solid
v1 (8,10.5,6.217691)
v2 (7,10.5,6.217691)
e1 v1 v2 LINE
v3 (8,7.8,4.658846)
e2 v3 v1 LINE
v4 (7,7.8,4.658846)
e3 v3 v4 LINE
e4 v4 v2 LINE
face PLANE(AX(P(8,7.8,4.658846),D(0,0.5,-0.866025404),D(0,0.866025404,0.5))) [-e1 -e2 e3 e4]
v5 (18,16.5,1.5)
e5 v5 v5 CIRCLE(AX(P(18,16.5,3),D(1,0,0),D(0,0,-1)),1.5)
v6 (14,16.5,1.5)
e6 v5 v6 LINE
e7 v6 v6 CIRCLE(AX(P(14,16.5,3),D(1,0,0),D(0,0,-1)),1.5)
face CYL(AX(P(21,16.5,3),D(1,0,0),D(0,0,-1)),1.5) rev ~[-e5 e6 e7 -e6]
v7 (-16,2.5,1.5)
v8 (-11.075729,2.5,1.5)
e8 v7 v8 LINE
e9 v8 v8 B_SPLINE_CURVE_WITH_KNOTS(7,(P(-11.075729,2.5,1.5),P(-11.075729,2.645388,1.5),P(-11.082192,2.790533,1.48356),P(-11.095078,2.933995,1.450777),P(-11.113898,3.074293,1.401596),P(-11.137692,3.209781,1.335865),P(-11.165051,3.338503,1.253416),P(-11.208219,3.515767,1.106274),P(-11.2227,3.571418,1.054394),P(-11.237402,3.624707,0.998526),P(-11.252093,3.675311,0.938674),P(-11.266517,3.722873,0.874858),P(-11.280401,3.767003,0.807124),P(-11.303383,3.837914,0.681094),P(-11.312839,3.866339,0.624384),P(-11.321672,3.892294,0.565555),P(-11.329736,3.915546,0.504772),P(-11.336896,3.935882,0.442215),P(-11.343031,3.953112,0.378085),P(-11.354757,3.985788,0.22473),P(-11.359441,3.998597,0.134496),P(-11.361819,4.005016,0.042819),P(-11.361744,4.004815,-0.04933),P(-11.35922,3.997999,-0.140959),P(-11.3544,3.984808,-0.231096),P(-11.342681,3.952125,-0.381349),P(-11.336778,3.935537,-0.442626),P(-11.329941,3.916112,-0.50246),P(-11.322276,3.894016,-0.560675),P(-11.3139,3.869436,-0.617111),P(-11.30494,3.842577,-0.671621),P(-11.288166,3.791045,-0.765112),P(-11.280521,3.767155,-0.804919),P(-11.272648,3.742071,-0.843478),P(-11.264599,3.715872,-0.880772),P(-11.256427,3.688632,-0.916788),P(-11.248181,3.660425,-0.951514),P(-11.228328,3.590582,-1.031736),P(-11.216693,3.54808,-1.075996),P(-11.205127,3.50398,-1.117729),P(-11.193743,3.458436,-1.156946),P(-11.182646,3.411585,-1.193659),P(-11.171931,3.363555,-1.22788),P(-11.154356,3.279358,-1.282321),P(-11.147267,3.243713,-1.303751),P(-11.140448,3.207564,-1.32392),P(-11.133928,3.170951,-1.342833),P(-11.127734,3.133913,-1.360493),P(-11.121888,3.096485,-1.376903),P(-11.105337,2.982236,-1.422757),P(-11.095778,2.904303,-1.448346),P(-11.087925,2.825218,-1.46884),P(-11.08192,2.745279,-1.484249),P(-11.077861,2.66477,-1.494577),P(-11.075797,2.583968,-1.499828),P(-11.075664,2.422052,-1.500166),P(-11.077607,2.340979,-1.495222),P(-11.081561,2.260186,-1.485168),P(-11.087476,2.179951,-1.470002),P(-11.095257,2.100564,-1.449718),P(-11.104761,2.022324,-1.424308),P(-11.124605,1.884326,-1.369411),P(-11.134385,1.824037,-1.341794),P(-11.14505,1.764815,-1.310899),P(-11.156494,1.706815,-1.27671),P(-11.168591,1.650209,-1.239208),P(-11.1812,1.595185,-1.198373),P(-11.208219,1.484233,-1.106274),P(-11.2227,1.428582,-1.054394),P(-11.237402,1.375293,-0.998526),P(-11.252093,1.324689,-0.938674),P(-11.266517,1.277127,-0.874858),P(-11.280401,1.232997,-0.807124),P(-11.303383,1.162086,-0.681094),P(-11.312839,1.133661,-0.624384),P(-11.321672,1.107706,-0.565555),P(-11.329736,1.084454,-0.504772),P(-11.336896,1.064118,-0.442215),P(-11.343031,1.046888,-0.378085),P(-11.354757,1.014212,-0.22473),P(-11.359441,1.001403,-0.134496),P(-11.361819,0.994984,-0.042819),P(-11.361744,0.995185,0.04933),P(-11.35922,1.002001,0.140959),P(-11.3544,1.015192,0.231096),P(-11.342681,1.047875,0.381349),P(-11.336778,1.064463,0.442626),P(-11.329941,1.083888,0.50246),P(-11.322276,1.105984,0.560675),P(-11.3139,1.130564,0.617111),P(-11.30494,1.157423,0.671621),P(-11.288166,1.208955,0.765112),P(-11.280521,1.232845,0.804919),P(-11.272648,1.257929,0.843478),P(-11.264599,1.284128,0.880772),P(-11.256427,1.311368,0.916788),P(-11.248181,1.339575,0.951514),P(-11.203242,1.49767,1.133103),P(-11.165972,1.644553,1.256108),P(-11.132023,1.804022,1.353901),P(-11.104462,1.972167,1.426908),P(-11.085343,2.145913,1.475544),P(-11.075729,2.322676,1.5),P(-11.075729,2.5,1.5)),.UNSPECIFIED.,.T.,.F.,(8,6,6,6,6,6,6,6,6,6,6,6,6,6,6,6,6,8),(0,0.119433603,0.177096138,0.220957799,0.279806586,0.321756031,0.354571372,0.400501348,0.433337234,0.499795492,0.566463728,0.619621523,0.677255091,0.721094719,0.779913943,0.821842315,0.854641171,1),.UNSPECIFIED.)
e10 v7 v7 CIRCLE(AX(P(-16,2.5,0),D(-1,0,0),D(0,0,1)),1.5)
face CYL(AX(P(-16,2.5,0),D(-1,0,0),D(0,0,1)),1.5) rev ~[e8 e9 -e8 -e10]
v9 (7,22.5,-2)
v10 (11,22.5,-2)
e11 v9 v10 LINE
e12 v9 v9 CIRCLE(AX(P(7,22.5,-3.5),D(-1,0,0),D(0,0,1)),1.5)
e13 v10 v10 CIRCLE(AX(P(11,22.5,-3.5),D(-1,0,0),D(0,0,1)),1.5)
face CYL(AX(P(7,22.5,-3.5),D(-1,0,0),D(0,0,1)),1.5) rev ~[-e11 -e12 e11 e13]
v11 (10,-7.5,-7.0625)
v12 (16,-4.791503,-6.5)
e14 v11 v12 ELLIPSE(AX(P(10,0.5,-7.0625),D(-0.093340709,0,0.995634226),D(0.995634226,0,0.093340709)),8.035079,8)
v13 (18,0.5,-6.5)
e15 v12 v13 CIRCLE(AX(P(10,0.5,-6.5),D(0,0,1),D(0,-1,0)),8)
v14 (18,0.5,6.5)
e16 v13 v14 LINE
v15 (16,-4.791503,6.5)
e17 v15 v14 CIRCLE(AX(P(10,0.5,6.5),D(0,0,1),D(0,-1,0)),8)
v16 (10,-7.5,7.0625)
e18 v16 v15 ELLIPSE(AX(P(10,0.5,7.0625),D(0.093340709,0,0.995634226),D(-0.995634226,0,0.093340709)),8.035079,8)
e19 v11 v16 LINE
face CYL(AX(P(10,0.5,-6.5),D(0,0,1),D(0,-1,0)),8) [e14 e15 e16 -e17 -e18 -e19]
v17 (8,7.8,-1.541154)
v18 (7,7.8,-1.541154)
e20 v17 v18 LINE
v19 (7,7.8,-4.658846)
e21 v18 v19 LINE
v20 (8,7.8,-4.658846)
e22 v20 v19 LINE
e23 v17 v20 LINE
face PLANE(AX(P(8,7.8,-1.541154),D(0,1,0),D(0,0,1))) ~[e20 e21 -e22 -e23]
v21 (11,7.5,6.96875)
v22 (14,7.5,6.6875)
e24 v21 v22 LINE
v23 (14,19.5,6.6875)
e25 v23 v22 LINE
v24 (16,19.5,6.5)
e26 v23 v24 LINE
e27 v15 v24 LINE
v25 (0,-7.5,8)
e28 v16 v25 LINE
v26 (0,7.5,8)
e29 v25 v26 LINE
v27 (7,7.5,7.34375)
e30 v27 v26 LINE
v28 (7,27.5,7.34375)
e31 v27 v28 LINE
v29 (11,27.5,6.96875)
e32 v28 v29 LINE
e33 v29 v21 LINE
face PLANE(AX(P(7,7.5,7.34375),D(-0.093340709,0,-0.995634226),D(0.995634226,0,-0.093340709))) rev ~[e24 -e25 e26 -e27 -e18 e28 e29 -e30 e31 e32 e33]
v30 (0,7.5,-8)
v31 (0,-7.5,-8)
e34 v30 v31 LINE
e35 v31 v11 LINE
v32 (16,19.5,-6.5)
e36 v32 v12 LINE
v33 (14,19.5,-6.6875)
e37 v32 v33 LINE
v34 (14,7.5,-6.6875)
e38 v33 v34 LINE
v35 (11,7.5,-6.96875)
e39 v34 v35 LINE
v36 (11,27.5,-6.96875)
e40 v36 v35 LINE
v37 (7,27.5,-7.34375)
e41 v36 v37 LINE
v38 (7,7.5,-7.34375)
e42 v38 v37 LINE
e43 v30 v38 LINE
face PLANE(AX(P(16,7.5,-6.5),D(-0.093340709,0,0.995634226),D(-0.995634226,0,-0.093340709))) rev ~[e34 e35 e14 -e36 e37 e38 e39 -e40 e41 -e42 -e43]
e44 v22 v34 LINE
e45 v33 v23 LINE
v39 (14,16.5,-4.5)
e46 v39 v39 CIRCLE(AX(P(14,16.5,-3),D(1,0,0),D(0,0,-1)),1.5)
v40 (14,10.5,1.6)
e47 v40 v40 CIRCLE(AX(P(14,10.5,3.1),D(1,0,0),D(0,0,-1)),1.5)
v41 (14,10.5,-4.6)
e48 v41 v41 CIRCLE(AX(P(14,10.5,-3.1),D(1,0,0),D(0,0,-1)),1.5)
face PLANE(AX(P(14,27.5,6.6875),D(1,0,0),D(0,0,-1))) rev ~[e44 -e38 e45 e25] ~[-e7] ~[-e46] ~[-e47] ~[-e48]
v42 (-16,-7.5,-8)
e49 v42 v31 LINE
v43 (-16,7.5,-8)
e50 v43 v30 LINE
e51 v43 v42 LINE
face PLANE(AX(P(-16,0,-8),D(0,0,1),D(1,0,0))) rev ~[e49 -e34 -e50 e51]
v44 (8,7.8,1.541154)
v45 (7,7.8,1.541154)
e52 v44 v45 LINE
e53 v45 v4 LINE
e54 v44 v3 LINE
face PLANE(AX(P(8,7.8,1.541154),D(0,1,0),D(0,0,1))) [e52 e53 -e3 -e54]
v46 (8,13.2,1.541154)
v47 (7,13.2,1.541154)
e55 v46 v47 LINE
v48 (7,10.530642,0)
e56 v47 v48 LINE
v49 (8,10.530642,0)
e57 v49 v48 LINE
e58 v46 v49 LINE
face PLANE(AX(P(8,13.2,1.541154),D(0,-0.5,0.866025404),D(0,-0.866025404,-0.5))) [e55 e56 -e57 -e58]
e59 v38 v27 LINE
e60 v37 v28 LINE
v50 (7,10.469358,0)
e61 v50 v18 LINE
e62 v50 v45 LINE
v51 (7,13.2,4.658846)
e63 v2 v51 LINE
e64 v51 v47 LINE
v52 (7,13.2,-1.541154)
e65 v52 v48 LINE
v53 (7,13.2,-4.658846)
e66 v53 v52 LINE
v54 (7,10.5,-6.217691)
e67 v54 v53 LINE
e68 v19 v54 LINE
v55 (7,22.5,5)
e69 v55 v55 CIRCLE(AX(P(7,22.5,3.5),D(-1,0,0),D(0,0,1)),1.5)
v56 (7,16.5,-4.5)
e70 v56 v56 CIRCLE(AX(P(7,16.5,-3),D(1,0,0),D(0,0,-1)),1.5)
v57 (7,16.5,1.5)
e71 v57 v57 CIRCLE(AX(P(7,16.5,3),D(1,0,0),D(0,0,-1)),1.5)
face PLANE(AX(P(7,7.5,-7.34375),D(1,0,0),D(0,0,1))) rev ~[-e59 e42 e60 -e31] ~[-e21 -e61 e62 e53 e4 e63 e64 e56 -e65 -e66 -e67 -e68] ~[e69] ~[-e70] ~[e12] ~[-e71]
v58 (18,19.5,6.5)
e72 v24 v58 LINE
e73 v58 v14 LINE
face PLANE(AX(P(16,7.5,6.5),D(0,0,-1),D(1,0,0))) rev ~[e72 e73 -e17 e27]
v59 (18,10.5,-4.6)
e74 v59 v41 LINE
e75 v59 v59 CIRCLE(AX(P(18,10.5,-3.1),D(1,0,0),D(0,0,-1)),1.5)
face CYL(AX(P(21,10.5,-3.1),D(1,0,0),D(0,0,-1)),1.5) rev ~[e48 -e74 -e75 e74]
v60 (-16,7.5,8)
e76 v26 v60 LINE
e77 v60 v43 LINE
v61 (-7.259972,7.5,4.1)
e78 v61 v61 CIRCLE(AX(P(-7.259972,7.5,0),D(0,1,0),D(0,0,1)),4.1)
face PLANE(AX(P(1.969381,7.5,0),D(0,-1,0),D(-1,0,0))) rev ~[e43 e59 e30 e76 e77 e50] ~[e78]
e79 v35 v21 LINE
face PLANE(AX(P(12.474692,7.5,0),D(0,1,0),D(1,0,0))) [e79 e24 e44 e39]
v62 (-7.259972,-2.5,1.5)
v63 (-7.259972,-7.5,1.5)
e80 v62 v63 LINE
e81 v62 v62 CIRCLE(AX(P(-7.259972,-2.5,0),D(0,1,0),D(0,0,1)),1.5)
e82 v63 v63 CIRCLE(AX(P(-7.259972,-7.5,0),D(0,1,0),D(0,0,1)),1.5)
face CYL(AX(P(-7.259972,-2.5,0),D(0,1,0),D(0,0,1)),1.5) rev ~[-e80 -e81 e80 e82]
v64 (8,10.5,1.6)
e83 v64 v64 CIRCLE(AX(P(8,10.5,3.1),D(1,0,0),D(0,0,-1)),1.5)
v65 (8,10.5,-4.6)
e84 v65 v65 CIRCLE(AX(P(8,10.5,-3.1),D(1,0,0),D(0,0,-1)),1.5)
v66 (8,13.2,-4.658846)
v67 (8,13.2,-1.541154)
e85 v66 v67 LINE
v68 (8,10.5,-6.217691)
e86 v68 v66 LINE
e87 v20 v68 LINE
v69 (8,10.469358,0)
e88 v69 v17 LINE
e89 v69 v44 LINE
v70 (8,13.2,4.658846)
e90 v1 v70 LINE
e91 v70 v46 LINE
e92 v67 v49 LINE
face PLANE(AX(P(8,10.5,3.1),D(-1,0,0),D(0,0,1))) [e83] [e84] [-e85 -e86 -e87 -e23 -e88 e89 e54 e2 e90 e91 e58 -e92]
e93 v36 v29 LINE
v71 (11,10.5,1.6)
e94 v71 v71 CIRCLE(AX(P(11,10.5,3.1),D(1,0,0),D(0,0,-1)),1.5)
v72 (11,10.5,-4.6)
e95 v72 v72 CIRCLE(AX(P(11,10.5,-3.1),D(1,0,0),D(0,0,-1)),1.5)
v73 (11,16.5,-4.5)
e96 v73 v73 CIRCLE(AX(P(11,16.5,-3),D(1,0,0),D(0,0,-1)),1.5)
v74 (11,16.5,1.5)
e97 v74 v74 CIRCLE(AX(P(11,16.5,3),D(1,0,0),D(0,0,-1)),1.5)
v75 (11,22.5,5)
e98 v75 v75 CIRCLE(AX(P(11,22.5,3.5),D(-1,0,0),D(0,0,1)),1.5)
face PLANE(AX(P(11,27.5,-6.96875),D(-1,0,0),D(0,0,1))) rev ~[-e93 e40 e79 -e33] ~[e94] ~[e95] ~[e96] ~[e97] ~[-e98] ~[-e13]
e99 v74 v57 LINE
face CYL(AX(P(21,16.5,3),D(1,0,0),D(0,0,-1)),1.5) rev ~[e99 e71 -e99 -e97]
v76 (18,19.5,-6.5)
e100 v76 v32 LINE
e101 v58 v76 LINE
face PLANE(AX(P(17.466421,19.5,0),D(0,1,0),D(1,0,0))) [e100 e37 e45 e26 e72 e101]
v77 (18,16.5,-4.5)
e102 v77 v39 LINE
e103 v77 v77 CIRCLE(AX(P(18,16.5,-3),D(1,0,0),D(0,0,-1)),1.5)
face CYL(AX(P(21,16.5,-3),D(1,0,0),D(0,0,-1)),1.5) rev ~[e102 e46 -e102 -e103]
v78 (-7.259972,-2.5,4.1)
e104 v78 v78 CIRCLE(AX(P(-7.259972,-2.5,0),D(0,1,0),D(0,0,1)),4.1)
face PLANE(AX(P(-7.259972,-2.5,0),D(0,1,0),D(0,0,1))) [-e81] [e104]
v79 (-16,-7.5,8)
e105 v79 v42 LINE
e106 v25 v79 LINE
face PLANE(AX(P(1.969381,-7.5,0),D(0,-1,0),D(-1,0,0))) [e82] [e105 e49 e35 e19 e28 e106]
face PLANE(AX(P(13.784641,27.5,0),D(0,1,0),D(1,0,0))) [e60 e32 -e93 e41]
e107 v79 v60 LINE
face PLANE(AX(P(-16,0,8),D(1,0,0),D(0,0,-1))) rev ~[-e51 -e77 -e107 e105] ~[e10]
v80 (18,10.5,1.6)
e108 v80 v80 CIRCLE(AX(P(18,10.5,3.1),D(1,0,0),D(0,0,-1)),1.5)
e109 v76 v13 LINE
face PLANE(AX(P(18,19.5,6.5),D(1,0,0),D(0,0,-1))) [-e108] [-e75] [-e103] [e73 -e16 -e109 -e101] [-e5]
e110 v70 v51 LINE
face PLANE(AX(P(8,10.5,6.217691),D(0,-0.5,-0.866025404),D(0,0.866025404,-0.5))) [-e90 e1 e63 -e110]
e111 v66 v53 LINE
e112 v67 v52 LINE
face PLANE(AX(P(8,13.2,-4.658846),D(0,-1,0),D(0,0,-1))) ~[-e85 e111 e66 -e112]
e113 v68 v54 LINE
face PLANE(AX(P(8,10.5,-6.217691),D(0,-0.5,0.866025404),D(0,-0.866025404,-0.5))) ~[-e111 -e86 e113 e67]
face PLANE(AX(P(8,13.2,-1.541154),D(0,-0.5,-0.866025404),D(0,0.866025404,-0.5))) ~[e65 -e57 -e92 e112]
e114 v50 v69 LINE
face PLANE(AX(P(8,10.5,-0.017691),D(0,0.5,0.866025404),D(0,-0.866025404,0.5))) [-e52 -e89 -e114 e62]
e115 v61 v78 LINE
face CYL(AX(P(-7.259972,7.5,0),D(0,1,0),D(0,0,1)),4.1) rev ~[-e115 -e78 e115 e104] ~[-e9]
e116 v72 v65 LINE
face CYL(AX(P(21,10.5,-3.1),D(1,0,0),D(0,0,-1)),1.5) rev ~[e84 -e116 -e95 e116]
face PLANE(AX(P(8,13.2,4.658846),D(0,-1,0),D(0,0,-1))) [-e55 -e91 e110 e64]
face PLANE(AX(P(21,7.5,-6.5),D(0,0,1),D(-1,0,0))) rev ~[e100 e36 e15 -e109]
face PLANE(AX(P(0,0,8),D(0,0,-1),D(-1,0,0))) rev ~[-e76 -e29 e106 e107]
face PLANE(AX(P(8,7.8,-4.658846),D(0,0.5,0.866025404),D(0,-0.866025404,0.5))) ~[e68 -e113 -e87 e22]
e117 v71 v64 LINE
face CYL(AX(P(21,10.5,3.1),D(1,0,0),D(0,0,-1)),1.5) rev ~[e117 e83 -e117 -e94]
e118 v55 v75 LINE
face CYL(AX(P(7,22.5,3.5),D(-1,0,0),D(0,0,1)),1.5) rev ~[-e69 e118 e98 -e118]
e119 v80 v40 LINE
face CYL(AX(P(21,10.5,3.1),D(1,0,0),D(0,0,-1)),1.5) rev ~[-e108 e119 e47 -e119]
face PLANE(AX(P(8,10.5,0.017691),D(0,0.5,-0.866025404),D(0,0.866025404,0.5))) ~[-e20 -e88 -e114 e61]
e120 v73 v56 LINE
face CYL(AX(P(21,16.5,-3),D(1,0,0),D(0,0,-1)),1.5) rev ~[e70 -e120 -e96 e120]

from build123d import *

# Parameters (mm, degrees)
BOSS_EXTRUDE1_DEPTH     = 7.5
SKETCH4_R               = 4.1
CUT_EXTRUDE1_DEPTH      = 10
SKETCH5_R               = 1.5
CUT_EXTRUDE2_DEPTH      = 5
CUT_EXTRUDE4_REACH      = 40.591
CUT_EXTRUDE4_END_RADIUS = 4.1
SKETCH7_R               = 1.5
BOSS_EXTRUDE2_DEPTH     = 20
CUT_EXTRUDE5_DEPTH      = 20
CUT_EXTRUDE6_DEPTH      = 8
SKETCH13_R              = 1.5
CUT_EXTRUDE7_DEPTH      = 16
SKETCH14_R              = 1.5
CUT_EXTRUDE8_DEPTH      = 4
CUT_EXTRUDE9_START      = -1
CUT_EXTRUDE9_DEPTH      = 2.6
SKETCH16_W              = 3
SKETCH16_H              = 13
CUT_EXTRUDE10_DEPTH     = 36.128336141
FILLET1_R               = 8


with BuildPart() as part:
    # Sketch2 → Boss-Extrude1 (new, symmetric)
    with BuildSketch(Plane(origin=(0, 0, 0), x_dir=(1, 0, 0), z_dir=(0, 1, 0))):
        Polygon((-16, -8), (-16, 8), (0, 8), (16, 6.5), (21, 6.5), (21, -6.5), (16, -6.5), (0, -8), align=None)
    extrude(amount=BOSS_EXTRUDE1_DEPTH, both=True)

    # Sketch4 → Cut-Extrude1 (cut)
    with BuildSketch(Plane(origin=(0, 7.5, 0), x_dir=(1, 0, 0), z_dir=(0, 1, 0))):
        with Locations(Location((-7.259972257, 0, 0), (0, 0, 270))):
            Circle(SKETCH4_R)
    extrude(amount=-CUT_EXTRUDE1_DEPTH, mode=Mode.SUBTRACT)

    # Sketch5 → Cut-Extrude2 (cut)
    with BuildSketch(Plane(origin=(0, -2.5, 0), x_dir=(1, 0, 0), z_dir=(0, 1, 0))):
        with Locations(Location((-7.259972257, 0, 0), (0, 0, 270))):
            Circle(SKETCH5_R)
    extrude(amount=-CUT_EXTRUDE2_DEPTH, mode=Mode.SUBTRACT)

    # Cut-Extrude4: up to this cylinder (the profile starts outside it)
    cut_extrude4_end = Plane(origin=(-7.259972257, 2.5, 0), z_dir=(0, 1, 0)) * Cylinder(CUT_EXTRUDE4_END_RADIUS, 90.382, mode=Mode.PRIVATE)
    # Sketch7 → Cut-Extrude4 (cut, up to the surface)
    with BuildSketch(Plane.ZY.offset(16), mode=Mode.PRIVATE) as cut_extrude4_sk1:
        with Locations((0, 2.5)):
            Circle(SKETCH7_R)
    cut_extrude4_tool1 = extrude(cut_extrude4_sk1.sketch, amount=-CUT_EXTRUDE4_REACH, mode=Mode.PRIVATE) - cut_extrude4_end
    add(cut_extrude4_tool1.solids().sort_by_distance((-16, 2.5, 0))[0], mode=Mode.SUBTRACT)

    # Sketch8 → Boss-Extrude2 (add)
    with BuildSketch(Plane(origin=(0, 7.5, 0), x_dir=(1, 0, 0), z_dir=(0, 1, 0))):
        Polygon((7, 7.34375), (7, -7.34375), (16, -6.5), (21, -6.5), (21, 6.5), (16, 6.5), align=None)
    extrude(amount=BOSS_EXTRUDE2_DEPTH)

    # Sketch11 → Cut-Extrude5 (cut)
    with BuildSketch(Plane(origin=(0, 27.5, 0), x_dir=(1, 0, 0), z_dir=(0, 1, 0))):
        Polygon((11, 6.96875), (11, -6.96875), (14, -6.6875), (14, 6.6875), align=None)
    extrude(amount=-CUT_EXTRUDE5_DEPTH, mode=Mode.SUBTRACT)

    # Sketch12 → Cut-Extrude6 (cut)
    with BuildSketch(Plane(origin=(0, 27.5, 0), x_dir=(1, 0, 0), z_dir=(0, 1, 0))):
        Polygon((14, 6.6875), (14, -6.6875), (16, -6.5), (21, -6.5), (21, 6.5), (16, 6.5), align=None)
    extrude(amount=-CUT_EXTRUDE6_DEPTH, mode=Mode.SUBTRACT)

    # Sketch13 → Cut-Extrude7 (cut)
    with BuildSketch(Plane(origin=(21, 0, 0), x_dir=(0, 0, -1), z_dir=(1, 0, 0))):
        with Locations((-3, 16.5)):
            Circle(SKETCH13_R)
        with Locations((3, 16.5)):
            Circle(SKETCH13_R)
        with Locations((-3.1, 10.5)):
            Circle(SKETCH13_R)
        with Locations((3.1, 10.5)):
            Circle(SKETCH13_R)
    extrude(amount=-CUT_EXTRUDE7_DEPTH, mode=Mode.SUBTRACT)

    # Sketch14 → Cut-Extrude8 (cut)
    with BuildSketch(Plane.ZY.offset(-7)):
        with Locations((-3.5, 22.5)):
            Circle(SKETCH14_R)
        with Locations((3.5, 22.5)):
            Circle(SKETCH14_R)
    extrude(amount=-CUT_EXTRUDE8_DEPTH, mode=Mode.SUBTRACT)

    # Sketch15 → Cut-Extrude9 (cut)
    with BuildSketch(Plane.ZY.offset(-7).offset(CUT_EXTRUDE9_START)):
        Polygon((4.658845727, 13.2), (1.541154273, 13.2), (-0.017691454, 10.5), (1.541154273, 7.8), (4.658845727, 7.8), (6.217691454, 10.5), align=None)
    cut_extrude9 = extrude(amount=CUT_EXTRUDE9_DEPTH, mode=Mode.SUBTRACT)

    # Mirror1: Cut-Extrude9 across plane
    add(cut_extrude9.mirror(Plane.XY), mode=Mode.SUBTRACT)

    # Sketch16 → Cut-Extrude10 (cut, through all)
    with BuildSketch(Plane(origin=(0, 19.5, 0), x_dir=(1, 0, 0), z_dir=(0, 1, 0))):
        with Locations((19.5, 0)):
            Rectangle(SKETCH16_W, SKETCH16_H)
    extrude(amount=-CUT_EXTRUDE10_DEPTH, mode=Mode.SUBTRACT)

    # Fillet1
    fillet1_edges = [part.edges().sort_by_distance(p)[0] for p in [
        (18, -7.5, 0),
    ]]
    fillet(fillet1_edges, radius=FILLET1_R)


solid = part.part
